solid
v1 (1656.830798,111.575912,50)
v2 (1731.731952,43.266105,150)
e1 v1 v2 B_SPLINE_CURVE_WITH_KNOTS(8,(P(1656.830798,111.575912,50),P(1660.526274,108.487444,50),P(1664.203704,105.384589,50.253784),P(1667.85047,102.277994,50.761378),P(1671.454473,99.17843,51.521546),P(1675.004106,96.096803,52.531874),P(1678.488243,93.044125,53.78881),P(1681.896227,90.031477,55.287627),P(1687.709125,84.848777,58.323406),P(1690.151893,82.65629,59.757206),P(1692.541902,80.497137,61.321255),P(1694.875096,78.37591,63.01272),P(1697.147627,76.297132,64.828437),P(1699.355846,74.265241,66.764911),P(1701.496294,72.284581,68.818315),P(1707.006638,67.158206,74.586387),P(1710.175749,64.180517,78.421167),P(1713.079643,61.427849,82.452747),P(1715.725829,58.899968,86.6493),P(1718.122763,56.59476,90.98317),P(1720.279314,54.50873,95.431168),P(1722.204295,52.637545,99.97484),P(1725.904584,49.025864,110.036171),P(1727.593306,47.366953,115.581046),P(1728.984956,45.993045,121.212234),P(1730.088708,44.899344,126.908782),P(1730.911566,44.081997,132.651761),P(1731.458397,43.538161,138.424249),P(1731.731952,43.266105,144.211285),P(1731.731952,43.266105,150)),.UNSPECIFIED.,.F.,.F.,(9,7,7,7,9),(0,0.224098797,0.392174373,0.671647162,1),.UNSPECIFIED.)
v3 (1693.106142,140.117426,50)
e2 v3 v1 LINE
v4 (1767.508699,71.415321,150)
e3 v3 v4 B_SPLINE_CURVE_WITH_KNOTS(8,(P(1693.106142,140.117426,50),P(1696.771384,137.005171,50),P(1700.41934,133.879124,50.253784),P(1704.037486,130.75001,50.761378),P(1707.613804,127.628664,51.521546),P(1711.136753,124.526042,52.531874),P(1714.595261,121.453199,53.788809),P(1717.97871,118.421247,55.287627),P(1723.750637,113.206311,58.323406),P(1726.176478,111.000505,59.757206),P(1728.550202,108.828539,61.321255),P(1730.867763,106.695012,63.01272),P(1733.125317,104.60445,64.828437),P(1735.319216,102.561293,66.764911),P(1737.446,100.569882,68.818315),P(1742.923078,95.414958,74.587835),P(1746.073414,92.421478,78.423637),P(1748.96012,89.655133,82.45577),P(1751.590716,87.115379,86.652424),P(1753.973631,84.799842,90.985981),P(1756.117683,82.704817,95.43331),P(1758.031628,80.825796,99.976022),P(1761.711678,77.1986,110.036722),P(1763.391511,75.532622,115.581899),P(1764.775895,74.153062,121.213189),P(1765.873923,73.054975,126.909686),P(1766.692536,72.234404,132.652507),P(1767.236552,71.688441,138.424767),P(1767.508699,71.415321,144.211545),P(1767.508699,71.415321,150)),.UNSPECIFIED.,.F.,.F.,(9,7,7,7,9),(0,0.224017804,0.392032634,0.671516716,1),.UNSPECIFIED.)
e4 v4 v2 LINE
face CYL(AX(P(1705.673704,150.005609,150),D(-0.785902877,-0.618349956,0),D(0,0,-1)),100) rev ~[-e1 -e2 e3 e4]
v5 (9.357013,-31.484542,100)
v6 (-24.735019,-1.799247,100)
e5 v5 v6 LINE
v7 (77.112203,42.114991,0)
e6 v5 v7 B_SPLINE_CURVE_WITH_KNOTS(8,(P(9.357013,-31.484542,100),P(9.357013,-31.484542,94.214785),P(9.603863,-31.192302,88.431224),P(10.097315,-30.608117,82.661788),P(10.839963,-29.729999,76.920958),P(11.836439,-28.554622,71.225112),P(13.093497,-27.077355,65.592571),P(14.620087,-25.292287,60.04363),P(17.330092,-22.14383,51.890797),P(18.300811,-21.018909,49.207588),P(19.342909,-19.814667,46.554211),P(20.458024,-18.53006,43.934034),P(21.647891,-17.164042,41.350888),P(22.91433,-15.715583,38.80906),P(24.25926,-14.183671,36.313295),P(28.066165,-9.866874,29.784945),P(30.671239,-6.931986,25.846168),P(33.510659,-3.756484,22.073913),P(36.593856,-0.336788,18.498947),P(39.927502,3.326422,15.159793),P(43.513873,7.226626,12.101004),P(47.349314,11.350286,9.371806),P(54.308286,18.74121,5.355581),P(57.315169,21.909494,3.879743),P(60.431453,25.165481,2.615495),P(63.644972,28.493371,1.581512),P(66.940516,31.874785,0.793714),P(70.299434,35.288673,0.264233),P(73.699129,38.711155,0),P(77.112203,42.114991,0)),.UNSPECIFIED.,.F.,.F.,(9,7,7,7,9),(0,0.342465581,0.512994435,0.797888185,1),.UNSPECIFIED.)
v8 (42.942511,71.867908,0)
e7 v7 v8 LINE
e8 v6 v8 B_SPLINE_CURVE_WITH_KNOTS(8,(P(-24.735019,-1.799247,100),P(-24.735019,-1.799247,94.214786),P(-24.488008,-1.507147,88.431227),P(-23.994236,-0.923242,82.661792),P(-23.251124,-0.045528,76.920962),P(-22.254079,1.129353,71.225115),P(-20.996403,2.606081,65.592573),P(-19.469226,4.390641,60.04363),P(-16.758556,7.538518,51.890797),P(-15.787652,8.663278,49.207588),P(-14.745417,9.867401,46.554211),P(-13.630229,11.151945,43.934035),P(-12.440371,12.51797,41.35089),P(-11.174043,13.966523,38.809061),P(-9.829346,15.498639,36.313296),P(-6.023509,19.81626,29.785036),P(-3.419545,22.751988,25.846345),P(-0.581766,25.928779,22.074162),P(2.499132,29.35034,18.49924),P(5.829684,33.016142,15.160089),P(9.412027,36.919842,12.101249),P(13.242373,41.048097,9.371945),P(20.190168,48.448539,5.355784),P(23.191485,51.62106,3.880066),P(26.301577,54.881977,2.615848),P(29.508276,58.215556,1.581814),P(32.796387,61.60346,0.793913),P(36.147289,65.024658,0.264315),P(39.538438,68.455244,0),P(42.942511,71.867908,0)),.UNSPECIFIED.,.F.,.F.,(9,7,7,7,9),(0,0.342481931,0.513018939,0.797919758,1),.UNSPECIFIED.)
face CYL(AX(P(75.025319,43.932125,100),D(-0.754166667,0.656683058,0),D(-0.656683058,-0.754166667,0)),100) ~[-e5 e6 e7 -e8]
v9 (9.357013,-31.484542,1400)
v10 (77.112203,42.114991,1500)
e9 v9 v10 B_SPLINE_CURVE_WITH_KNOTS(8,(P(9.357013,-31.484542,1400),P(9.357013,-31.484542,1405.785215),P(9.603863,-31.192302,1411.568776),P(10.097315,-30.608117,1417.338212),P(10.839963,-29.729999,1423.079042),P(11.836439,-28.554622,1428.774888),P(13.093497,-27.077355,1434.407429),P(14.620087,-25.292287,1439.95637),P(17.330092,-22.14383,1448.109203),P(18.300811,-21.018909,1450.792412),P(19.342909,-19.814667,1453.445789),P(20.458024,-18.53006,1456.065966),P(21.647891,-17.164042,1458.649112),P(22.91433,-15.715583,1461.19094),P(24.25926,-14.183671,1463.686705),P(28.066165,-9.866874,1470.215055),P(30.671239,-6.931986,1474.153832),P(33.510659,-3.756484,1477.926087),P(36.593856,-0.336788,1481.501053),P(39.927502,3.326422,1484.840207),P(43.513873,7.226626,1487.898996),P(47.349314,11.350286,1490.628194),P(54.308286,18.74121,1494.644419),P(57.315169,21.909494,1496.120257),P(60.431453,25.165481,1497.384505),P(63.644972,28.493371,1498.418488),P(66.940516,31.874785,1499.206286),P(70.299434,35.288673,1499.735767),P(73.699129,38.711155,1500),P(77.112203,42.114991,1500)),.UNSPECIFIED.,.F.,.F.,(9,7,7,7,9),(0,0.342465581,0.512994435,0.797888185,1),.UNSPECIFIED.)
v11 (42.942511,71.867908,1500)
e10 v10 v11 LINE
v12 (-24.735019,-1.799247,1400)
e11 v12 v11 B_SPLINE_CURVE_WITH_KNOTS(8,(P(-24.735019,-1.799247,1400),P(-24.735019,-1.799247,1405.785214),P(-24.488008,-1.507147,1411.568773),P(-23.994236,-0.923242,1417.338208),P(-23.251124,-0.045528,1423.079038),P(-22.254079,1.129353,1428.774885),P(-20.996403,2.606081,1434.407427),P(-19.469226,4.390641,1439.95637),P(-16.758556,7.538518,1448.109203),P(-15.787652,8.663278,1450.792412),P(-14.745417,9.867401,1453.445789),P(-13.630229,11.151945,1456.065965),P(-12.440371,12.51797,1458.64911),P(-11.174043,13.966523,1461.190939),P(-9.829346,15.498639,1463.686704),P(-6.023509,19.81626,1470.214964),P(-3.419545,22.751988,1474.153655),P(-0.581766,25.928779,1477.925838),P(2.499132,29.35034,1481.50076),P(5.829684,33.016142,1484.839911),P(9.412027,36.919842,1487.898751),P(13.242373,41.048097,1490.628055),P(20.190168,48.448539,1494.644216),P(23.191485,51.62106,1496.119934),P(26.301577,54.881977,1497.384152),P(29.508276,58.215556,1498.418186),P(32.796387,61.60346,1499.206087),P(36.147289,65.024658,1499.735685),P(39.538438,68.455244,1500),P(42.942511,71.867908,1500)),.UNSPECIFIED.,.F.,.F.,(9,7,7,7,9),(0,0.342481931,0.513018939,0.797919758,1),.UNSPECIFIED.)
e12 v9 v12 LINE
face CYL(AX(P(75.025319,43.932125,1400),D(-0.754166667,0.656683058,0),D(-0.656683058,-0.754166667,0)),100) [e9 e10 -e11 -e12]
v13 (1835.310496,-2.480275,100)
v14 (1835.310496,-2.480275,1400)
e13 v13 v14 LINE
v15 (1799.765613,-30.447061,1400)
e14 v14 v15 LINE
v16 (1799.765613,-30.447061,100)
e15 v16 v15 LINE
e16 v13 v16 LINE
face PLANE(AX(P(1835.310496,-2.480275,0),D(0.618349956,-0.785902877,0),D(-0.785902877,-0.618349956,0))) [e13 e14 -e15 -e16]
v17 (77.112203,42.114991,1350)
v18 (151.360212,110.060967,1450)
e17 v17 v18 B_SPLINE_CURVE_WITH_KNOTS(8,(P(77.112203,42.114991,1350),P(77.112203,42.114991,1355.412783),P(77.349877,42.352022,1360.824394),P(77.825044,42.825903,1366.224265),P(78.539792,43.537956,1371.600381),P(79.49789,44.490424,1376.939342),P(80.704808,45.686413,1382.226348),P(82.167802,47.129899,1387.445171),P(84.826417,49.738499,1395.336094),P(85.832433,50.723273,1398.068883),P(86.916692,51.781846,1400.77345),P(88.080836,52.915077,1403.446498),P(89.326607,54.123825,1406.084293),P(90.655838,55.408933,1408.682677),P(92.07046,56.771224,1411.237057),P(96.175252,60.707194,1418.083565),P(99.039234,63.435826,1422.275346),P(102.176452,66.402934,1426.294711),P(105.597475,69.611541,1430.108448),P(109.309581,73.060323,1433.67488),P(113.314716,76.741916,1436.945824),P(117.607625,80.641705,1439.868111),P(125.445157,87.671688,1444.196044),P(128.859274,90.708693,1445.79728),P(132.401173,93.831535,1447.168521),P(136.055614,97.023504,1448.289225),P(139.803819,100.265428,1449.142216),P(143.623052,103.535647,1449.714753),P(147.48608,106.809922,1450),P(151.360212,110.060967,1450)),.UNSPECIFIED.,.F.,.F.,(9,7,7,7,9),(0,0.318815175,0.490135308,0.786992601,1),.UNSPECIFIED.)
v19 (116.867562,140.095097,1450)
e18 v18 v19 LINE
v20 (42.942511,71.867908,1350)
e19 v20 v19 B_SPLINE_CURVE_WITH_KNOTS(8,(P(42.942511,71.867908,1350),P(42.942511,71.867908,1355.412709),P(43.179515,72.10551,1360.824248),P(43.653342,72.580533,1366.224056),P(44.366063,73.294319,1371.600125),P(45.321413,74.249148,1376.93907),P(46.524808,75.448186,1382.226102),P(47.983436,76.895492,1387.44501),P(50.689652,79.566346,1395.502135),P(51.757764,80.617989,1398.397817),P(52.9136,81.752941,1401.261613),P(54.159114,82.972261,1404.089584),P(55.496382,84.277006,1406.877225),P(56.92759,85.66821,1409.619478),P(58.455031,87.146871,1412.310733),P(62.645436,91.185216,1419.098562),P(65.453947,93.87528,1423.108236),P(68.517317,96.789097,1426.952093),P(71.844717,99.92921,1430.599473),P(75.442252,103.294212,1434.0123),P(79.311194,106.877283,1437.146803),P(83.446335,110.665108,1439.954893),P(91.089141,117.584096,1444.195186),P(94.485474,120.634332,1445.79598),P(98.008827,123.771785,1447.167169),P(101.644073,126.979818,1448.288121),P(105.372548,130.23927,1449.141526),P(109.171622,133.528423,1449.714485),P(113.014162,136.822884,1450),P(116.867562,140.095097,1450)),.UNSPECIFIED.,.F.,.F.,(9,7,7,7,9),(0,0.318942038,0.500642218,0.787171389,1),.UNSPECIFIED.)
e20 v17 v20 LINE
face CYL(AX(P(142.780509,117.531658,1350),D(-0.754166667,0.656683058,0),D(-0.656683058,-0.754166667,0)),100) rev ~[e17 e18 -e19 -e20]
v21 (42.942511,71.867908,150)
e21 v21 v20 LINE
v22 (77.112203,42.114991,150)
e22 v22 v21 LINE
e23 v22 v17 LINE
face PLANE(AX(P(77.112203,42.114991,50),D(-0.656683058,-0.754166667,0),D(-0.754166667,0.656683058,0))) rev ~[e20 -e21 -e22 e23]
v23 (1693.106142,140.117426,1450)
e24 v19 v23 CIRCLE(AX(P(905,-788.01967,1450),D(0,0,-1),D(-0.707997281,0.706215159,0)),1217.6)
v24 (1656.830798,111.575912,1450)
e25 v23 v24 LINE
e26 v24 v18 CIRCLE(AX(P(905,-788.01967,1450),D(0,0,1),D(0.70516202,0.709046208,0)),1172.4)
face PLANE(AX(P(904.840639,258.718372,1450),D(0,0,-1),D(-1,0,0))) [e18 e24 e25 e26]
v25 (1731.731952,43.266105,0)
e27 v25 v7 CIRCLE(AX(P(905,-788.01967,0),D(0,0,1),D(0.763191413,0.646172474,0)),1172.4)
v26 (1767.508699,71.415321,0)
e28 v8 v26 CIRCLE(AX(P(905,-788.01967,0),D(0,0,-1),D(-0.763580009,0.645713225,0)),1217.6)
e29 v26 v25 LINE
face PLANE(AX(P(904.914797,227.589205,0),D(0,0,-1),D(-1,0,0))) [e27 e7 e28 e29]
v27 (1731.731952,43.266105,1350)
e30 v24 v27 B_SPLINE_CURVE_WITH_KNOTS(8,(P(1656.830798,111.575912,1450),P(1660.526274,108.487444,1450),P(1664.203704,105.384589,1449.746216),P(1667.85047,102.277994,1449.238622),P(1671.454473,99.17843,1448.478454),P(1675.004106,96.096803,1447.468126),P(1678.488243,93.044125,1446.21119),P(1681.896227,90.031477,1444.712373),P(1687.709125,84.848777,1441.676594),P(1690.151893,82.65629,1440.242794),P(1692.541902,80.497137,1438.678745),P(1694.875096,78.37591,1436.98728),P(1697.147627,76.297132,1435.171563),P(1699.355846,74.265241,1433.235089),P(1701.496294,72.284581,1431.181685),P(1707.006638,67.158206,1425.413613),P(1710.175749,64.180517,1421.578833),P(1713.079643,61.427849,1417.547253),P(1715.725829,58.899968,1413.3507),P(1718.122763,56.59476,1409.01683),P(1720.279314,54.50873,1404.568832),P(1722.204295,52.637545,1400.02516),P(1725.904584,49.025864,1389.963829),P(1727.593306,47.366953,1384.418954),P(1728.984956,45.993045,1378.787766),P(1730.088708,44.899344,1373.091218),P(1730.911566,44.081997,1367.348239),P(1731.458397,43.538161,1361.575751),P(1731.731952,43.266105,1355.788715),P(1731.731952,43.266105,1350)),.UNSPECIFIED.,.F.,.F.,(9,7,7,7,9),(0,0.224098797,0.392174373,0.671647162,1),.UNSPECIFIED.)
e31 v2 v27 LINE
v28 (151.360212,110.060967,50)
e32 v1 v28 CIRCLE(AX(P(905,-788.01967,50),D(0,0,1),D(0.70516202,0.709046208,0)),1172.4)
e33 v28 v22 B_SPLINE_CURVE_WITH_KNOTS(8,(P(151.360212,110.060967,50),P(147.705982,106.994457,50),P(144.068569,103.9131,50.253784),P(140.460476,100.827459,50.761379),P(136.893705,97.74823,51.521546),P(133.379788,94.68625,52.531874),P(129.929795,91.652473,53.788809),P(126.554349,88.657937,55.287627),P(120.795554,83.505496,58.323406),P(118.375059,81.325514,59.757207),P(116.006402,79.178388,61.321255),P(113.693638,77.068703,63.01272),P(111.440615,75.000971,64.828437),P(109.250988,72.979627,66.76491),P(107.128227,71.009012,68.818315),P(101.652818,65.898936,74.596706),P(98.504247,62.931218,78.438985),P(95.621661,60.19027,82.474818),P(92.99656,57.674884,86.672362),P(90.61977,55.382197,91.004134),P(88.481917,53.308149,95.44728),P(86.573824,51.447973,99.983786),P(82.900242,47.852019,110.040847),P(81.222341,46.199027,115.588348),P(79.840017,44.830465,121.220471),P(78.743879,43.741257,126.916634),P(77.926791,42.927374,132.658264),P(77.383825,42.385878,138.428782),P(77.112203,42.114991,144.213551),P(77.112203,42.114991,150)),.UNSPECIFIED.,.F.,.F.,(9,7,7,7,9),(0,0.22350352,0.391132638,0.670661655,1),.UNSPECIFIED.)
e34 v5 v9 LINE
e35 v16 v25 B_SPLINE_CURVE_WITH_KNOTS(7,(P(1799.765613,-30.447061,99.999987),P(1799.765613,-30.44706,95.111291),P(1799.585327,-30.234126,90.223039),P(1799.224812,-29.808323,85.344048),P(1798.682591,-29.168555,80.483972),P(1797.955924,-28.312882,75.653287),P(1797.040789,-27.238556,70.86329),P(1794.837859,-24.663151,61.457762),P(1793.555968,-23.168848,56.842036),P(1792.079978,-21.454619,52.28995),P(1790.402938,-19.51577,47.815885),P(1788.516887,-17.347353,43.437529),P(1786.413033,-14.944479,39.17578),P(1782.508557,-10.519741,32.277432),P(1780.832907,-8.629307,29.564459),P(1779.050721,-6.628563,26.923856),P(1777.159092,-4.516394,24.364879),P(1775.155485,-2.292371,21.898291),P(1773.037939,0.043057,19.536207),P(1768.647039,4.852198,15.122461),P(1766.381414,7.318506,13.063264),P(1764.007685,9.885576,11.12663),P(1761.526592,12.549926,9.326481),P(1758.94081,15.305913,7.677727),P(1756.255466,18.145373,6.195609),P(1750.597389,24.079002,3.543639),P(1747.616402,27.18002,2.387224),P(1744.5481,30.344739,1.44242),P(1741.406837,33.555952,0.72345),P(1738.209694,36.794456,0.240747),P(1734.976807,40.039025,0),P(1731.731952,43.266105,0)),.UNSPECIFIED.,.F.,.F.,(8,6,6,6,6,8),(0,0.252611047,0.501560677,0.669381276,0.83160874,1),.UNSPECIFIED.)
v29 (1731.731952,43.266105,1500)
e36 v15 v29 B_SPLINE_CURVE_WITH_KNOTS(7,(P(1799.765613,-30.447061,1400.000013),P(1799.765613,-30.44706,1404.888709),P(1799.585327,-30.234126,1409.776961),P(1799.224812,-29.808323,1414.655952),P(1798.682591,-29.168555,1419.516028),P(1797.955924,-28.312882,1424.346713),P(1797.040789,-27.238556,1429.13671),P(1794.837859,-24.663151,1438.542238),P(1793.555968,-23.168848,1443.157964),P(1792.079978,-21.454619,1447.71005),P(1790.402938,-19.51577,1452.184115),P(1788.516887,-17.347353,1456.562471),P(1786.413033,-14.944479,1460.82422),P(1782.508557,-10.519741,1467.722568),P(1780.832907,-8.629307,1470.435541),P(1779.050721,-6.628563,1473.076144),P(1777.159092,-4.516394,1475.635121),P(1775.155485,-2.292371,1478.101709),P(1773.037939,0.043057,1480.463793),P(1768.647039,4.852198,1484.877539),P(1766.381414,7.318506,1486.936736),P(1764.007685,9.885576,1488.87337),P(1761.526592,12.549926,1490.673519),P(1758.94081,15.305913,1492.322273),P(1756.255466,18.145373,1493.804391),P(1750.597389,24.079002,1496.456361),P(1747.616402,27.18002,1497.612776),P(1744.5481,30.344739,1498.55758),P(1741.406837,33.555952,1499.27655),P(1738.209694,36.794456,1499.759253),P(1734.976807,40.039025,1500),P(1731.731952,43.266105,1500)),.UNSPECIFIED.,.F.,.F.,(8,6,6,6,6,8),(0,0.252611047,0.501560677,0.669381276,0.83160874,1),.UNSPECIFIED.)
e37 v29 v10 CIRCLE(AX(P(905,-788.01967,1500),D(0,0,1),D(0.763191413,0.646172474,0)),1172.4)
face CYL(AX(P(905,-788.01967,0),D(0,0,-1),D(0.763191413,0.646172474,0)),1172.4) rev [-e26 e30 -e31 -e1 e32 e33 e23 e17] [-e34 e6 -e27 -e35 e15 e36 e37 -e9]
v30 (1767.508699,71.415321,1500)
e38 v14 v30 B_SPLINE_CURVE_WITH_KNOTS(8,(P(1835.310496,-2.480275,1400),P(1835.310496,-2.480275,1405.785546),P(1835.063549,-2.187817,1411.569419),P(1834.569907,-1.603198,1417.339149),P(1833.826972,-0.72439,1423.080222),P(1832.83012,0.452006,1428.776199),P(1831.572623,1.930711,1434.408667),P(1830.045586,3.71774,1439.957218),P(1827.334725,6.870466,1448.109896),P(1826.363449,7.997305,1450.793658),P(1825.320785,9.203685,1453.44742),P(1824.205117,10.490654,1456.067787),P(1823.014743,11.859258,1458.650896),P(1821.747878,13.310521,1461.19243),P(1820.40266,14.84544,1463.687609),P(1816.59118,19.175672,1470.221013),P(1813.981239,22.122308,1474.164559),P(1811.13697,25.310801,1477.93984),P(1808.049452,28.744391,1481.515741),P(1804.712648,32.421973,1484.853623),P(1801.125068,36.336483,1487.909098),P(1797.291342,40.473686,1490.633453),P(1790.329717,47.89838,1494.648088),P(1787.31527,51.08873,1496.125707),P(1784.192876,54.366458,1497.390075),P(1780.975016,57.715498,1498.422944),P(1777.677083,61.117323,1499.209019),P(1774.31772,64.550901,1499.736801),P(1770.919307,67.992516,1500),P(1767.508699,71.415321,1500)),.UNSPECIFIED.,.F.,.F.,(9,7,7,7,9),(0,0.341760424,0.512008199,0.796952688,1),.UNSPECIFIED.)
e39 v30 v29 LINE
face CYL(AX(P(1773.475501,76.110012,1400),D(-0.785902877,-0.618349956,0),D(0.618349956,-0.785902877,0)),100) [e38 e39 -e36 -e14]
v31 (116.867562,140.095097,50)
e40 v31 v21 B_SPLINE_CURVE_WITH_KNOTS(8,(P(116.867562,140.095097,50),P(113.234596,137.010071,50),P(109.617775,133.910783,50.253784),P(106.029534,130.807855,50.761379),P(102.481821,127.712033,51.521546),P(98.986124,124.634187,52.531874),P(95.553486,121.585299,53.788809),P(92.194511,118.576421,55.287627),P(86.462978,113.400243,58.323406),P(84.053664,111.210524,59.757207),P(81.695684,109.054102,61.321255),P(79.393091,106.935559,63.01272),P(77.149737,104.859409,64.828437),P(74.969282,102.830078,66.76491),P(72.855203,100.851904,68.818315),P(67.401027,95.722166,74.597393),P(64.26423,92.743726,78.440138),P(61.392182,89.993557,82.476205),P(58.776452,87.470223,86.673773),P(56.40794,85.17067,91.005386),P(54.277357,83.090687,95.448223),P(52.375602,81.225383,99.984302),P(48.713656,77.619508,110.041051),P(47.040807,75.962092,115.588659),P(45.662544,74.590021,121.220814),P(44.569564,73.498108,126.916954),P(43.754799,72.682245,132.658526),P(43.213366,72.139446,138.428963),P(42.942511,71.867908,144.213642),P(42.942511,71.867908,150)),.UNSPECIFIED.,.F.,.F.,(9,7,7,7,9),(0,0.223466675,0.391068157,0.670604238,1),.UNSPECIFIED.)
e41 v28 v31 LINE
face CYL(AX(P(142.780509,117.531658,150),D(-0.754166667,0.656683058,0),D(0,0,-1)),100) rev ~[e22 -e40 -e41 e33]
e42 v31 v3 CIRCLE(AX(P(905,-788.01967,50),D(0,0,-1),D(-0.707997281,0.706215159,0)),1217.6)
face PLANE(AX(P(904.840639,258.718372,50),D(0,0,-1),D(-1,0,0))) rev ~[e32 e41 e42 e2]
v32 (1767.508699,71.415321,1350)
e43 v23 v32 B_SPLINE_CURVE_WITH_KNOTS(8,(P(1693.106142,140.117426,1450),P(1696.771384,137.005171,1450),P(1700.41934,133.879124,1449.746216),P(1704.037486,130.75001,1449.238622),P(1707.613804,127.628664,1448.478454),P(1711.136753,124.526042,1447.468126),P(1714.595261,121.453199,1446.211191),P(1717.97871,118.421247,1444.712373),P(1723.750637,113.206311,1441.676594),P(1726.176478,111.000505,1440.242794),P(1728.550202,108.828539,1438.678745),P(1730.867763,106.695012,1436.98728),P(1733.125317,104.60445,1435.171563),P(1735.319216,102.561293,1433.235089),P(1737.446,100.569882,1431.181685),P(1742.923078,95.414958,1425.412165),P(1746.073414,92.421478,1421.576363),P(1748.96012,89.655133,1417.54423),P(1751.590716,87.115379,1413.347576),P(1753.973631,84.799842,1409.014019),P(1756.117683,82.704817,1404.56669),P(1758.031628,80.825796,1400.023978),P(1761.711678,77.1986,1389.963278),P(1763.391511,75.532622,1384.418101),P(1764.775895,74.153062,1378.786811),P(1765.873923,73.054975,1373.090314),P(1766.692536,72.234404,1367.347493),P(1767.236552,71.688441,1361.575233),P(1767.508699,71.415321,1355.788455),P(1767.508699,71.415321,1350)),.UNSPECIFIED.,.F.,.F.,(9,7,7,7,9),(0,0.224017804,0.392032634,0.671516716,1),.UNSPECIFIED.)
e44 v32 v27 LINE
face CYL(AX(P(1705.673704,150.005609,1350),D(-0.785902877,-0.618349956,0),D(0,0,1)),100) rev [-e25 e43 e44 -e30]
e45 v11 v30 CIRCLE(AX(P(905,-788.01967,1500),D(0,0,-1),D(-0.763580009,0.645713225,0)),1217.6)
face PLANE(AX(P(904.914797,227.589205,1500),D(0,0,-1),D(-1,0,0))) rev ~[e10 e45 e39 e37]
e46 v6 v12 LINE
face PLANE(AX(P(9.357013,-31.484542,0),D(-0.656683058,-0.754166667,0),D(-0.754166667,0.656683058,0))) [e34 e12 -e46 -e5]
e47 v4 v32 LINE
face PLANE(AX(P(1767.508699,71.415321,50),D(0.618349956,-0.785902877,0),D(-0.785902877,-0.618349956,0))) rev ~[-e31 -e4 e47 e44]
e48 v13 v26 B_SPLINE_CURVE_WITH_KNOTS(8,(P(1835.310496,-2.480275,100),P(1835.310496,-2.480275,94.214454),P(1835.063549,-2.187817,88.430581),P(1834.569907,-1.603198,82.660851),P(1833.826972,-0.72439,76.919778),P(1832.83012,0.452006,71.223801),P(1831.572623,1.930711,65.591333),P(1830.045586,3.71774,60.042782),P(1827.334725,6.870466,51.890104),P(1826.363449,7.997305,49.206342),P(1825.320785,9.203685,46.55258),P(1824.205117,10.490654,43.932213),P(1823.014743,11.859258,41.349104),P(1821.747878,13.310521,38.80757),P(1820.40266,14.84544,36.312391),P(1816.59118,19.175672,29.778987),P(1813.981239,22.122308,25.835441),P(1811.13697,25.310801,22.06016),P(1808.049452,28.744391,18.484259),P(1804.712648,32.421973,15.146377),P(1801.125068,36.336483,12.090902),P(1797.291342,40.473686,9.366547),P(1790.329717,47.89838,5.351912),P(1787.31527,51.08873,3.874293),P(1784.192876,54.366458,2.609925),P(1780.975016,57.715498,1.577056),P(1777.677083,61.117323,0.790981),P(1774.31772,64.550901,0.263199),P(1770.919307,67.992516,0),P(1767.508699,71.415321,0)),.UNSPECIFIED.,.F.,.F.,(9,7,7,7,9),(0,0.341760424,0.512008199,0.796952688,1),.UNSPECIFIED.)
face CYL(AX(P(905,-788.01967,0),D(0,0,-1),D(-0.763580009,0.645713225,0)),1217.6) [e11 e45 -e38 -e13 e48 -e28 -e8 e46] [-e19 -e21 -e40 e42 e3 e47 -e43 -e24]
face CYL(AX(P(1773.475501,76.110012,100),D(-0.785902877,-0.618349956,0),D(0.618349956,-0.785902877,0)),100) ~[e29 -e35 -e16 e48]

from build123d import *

# Parameters (mm, degrees)
BOSS_EXTRUDE4_DEPTH = 1500
FILLET2_R           = 100
CUT_EXTRUDE1_DEPTH  = 1400
FILLET3_R           = 100


with BuildPart() as part:
    # Sketch1 → Boss-Extrude4 (new body)
    with BuildSketch(Plane.XY):
        with BuildLine():
            Line((1835.310496497, -2.480275435), (1799.765613012, -30.447060895))
            ThreePointArc((1799.765613012, -30.447060895), (904.320634181, 384.38013336), (9.35701304, -31.484541797))
            Line((9.35701304, -31.484541797), (-24.735019353, -1.799246648))
            ThreePointArc((-24.735019353, -1.799246648), (905.445806615, 429.580248582), (1835.310496497, -2.480275435))
        make_face()
    extrude(amount=BOSS_EXTRUDE4_DEPTH)

    # Fillet2
    fillet2_edges = [part.edges().sort_by_distance(p)[0] for p in [
        (1817.538054755, -16.463668165, 1500),
        (-7.689003156, -16.641894223, 1500),
        (1817.538054755, -16.463668165, 0),
        (-7.689003156, -16.641894223, 0),
    ]]
    fillet(fillet2_edges, radius=FILLET2_R)

    # Sketch2 → Cut-Extrude1 (cut)
    with BuildSketch(Plane.XY.offset(50)):
        with BuildLine():
            Line((1767.508699471, 71.415320952), (1731.731952363, 43.266104728))
            ThreePointArc((1731.731952363, 43.266104728), (904.184365492, 384.380046478), (77.112203072, 42.114991378))
            Line((77.112203072, 42.114991378), (42.942511203, 71.867907736))
            ThreePointArc((42.942511203, 71.867907736), (905.319541026, 429.580288265), (1767.508699471, 71.415320952))
        make_face()
    extrude(amount=CUT_EXTRUDE1_DEPTH, mode=Mode.SUBTRACT)

    # Fillet3
    fillet3_edges = [part.edges().sort_by_distance(p)[0] for p in [
        (60.027357138, 56.991449557, 50),
        (1749.620325917, 57.34071284, 50),
        (60.027357138, 56.991449557, 1450),
        (1749.620325917, 57.34071284, 1450),
    ]]
    fillet(fillet3_edges, radius=FILLET3_R)


solid = part.part
